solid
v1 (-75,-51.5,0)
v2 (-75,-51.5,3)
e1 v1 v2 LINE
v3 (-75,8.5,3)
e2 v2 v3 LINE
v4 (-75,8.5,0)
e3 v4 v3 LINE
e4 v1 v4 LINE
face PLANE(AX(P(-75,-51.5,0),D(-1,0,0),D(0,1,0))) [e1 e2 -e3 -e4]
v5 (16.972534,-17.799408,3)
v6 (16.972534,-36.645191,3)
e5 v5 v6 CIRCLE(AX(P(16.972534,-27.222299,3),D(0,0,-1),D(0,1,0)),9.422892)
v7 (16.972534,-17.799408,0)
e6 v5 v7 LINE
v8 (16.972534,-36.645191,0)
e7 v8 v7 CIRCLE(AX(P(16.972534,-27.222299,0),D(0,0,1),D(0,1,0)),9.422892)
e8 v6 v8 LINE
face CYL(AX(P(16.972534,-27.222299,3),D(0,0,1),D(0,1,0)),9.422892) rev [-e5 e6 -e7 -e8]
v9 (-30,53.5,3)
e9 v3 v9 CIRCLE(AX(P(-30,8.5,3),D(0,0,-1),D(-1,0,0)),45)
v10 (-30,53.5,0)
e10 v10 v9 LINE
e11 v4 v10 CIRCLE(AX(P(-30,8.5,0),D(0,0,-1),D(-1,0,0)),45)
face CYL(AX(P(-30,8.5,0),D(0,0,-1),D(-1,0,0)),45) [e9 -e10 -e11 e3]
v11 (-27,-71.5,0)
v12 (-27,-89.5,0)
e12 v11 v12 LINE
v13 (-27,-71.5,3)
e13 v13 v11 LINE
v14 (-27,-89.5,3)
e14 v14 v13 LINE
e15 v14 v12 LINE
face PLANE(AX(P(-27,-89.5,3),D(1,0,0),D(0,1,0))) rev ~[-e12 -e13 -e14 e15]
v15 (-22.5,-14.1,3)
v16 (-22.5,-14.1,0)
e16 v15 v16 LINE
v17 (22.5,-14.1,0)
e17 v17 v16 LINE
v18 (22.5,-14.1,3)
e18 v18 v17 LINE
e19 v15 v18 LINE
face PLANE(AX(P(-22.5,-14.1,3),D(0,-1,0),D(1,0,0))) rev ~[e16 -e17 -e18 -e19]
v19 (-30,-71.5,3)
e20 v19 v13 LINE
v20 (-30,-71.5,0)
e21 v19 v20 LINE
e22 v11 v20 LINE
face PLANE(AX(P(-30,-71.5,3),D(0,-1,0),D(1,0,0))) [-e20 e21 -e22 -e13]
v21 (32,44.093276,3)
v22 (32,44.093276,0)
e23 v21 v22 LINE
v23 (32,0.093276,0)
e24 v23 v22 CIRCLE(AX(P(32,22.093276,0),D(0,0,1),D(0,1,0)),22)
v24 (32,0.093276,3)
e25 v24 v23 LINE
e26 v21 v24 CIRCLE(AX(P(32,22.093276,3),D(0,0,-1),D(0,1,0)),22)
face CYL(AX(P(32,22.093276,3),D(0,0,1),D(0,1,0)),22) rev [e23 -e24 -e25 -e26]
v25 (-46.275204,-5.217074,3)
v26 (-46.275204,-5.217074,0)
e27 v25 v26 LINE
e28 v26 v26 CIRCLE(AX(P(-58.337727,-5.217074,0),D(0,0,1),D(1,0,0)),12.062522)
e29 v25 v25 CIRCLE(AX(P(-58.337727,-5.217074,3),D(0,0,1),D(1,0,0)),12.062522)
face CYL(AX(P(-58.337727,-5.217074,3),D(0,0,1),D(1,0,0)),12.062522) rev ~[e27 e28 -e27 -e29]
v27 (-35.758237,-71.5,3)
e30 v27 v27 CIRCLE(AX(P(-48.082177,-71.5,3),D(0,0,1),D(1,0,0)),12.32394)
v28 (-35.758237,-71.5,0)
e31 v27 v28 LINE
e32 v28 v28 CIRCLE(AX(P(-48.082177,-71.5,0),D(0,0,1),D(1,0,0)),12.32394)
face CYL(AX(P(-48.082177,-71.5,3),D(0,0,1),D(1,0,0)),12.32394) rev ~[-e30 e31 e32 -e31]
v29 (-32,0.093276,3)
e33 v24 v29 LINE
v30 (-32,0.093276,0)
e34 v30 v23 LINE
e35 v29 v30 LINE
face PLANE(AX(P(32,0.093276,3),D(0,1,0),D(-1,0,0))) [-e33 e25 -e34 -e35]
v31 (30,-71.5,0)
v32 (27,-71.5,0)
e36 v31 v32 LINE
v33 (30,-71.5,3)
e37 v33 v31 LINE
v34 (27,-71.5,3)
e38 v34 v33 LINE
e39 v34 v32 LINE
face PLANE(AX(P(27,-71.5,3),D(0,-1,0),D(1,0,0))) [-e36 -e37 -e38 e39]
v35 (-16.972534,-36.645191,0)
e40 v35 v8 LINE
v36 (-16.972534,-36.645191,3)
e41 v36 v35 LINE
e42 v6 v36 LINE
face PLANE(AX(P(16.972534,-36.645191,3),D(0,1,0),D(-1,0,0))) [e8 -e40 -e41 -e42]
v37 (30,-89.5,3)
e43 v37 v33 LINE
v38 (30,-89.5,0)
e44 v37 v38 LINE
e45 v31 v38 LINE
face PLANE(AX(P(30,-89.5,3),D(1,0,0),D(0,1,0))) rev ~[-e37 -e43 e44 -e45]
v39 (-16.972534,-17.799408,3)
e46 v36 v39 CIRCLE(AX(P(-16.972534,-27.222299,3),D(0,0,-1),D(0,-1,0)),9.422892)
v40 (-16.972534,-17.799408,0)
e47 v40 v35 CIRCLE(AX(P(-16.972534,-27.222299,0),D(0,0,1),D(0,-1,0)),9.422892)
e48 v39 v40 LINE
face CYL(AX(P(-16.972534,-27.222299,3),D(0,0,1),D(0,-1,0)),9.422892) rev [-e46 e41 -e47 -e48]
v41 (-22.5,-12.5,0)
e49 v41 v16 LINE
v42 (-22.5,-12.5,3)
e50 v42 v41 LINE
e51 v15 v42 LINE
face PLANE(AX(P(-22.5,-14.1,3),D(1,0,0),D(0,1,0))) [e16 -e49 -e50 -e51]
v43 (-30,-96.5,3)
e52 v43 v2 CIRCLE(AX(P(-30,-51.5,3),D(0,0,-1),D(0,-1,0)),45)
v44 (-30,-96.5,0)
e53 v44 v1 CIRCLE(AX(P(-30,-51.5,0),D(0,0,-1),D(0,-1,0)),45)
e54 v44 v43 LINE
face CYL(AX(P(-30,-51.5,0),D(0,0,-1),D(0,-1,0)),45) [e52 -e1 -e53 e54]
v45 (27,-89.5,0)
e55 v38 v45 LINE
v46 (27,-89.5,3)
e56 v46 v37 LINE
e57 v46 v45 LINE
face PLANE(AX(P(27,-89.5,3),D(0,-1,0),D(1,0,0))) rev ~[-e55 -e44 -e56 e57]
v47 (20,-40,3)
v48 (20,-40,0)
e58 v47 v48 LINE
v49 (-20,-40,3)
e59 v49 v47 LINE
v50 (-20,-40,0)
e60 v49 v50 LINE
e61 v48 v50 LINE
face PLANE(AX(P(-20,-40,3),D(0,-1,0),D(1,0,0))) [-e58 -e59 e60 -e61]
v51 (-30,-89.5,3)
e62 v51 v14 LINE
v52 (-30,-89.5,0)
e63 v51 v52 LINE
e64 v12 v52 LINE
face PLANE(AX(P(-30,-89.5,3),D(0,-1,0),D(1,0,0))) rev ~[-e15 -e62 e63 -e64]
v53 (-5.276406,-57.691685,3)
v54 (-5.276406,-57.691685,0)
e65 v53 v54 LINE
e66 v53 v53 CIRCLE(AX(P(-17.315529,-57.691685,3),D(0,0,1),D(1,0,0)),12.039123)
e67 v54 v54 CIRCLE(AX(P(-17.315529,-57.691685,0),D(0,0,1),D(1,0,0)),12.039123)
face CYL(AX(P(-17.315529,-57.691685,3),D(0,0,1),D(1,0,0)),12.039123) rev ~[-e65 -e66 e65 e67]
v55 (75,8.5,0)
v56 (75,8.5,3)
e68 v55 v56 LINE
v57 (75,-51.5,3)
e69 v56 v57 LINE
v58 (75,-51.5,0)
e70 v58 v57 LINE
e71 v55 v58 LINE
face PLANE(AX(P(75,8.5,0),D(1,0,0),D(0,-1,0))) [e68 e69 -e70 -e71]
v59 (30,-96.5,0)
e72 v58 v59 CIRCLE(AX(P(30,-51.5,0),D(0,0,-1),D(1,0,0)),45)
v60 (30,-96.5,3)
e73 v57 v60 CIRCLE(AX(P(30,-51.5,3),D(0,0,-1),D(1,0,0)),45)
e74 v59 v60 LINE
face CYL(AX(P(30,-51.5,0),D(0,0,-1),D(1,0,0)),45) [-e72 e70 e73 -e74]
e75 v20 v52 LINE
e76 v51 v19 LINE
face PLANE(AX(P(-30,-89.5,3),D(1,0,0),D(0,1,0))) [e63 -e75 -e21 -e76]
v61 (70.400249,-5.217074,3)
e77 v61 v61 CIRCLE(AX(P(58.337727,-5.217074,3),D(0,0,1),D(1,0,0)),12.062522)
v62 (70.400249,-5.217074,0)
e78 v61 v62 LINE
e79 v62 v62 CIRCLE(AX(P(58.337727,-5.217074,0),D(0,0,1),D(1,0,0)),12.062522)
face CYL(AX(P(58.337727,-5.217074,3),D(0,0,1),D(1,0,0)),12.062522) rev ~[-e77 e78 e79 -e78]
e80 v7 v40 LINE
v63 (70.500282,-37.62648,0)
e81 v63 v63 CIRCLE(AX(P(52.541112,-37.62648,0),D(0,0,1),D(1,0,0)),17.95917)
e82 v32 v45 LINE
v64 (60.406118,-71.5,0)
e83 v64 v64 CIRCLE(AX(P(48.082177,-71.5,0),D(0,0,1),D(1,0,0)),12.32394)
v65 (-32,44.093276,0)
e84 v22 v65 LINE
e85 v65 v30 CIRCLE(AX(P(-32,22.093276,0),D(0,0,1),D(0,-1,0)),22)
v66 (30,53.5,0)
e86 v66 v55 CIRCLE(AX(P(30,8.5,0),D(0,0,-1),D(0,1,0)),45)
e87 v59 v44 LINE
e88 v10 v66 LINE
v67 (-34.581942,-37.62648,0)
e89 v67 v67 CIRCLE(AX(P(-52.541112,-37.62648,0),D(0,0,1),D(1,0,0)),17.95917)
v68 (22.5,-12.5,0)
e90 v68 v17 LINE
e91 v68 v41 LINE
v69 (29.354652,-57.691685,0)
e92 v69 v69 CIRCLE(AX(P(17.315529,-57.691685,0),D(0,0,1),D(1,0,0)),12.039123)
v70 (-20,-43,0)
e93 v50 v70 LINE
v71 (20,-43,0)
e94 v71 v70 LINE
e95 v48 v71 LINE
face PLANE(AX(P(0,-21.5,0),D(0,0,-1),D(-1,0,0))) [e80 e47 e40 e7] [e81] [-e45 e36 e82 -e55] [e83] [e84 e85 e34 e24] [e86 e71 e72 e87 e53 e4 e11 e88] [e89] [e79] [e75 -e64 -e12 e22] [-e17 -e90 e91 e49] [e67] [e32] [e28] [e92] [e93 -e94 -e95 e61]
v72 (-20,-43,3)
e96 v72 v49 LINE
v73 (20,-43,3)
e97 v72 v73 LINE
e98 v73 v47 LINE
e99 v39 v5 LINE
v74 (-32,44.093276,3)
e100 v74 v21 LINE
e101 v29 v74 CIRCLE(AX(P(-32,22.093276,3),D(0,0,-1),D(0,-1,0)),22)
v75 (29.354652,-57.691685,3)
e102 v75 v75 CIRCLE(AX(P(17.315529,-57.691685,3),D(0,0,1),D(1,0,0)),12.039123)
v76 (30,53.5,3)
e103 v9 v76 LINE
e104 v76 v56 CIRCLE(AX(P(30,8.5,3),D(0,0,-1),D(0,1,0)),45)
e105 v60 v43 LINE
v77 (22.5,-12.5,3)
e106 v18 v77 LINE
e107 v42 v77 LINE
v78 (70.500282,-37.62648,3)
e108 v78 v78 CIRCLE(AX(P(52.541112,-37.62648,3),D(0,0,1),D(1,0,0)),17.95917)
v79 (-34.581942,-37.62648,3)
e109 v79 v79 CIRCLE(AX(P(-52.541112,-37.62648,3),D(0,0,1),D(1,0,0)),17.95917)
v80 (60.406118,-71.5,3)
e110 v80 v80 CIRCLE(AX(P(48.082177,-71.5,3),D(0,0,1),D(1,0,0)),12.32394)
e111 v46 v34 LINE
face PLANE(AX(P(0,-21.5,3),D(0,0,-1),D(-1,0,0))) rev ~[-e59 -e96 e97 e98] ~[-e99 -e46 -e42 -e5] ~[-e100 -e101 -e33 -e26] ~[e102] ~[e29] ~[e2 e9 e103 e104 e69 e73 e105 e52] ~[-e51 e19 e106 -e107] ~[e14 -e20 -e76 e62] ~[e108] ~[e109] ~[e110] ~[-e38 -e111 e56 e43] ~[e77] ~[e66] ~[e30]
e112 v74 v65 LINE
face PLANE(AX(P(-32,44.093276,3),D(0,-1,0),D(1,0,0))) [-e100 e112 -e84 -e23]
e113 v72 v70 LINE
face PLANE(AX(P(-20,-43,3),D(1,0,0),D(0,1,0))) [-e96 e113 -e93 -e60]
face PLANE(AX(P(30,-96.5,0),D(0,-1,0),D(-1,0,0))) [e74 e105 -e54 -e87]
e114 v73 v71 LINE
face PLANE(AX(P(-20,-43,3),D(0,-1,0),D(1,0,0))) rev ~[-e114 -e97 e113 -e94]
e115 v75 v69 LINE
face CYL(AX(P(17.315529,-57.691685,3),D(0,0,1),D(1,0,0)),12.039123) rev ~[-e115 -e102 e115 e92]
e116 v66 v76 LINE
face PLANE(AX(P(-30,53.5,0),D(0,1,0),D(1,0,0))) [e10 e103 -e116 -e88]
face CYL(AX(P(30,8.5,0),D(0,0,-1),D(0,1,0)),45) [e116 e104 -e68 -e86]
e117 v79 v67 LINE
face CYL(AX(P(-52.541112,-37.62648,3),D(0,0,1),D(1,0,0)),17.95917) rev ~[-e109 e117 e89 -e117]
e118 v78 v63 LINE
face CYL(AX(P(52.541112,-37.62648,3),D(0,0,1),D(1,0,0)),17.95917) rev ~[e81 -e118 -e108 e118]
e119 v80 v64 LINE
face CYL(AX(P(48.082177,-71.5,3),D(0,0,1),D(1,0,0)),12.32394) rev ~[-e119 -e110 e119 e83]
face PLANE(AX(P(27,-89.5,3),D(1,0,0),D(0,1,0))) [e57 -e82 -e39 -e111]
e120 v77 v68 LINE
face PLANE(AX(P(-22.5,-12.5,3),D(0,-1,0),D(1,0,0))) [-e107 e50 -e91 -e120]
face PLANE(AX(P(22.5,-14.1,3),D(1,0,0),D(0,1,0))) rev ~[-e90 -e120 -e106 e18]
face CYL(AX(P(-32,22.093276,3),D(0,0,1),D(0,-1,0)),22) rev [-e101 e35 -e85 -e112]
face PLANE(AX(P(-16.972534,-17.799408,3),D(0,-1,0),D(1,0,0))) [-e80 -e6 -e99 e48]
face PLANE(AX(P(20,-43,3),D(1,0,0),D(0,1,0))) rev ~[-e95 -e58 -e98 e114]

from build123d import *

# Parameters (mm, degrees)
BOSS_EXTRUDE1_DEPTH = 3
SKETCH2_R           = 12.039123234
SKETCH2_R_2         = 12.323940374
SKETCH2_R_3         = 12.062522367
SKETCH2_R_4         = 17.95917031
SKETCH2_W           = 3
SKETCH2_H           = 18
SKETCH2_W_2         = 45
SKETCH2_H_2         = 1.6
SKETCH2_W_3         = 40
SKETCH2_H_3         = 3
CUT_EXTRUDE1_DEPTH  = 10


with BuildPart() as part:
    # Sketch1 → Boss-Extrude1 (new body)
    with BuildSketch(Plane.XY):
        with BuildLine():
            Line((-30, 53.5), (30, 53.5))
            ThreePointArc((30, 53.5), (61.819805153, 40.319805153), (75, 8.5))
            Line((75, 8.5), (75, -51.5))
            ThreePointArc((75, -51.5), (61.819805153, -83.319805153), (30, -96.5))
            Line((30, -96.5), (0.5, -96.5))
            Line((0.5, -96.5), (-0.5, -96.5))
            Line((-0.5, -96.5), (-30, -96.5))
            ThreePointArc((-30, -96.5), (-61.819805153, -83.319805153), (-75, -51.5))
            Line((-75, -51.5), (-75, 8.5))
            ThreePointArc((-75, 8.5), (-61.819805153, 40.319805153), (-30, 53.5))
        make_face()
    extrude(amount=BOSS_EXTRUDE1_DEPTH)

    # Sketch2 → Cut-Extrude1 (cut)
    with BuildSketch(Plane.XY.offset(3)):
        with Locations((-17.315529095, -57.691685277)):
            Circle(SKETCH2_R)
        with Locations((-48.082177359, -71.5)):
            Circle(SKETCH2_R_2)
        with Locations((48.082177359, -71.5)):
            Circle(SKETCH2_R_2)
        with Locations((17.315529095, -57.691685277)):
            Circle(SKETCH2_R)
        with Locations((-58.337726781, -5.217073599)):
            Circle(SKETCH2_R_3)
        with Locations((-52.54111189, -37.626479887)):
            Circle(SKETCH2_R_4)
        with Locations((52.54111189, -37.626479887)):
            Circle(SKETCH2_R_4)
        with Locations((58.337726781, -5.217073599)):
            Circle(SKETCH2_R_3)
        with Locations((-28.5, -80.5)):
            Rectangle(SKETCH2_W, SKETCH2_H)
        with Locations((28.5, -80.5)):
            Rectangle(SKETCH2_W, SKETCH2_H)
        with Locations((0, -13.3)):
            Rectangle(SKETCH2_W_2, SKETCH2_H_2)
        with Locations((0, -41.5)):
            Rectangle(SKETCH2_W_3, SKETCH2_H_3)
        with BuildLine():
            Line((-32, 44.093276202), (32, 44.093276202))
            ThreePointArc((32, 44.093276202), (54, 22.093276202), (32, 0.093276202))
            Line((32, 0.093276202), (-32, 0.093276202))
            ThreePointArc((-32, 0.093276202), (-54, 22.093276202), (-32, 44.093276202))
        make_face()
        with BuildLine():
            Line((-16.972534131, -17.799407518), (16.972534131, -17.799407518))
            ThreePointArc((16.972534131, -17.799407518), (26.395425928, -27.222299315), (16.972534131, -36.645191111))
            Line((16.972534131, -36.645191111), (-16.972534131, -36.645191111))
            ThreePointArc((-16.972534131, -36.645191111), (-26.395425928, -27.222299315), (-16.972534131, -17.799407518))
        make_face()
    extrude(amount=-CUT_EXTRUDE1_DEPTH, mode=Mode.SUBTRACT)


solid = part.part
